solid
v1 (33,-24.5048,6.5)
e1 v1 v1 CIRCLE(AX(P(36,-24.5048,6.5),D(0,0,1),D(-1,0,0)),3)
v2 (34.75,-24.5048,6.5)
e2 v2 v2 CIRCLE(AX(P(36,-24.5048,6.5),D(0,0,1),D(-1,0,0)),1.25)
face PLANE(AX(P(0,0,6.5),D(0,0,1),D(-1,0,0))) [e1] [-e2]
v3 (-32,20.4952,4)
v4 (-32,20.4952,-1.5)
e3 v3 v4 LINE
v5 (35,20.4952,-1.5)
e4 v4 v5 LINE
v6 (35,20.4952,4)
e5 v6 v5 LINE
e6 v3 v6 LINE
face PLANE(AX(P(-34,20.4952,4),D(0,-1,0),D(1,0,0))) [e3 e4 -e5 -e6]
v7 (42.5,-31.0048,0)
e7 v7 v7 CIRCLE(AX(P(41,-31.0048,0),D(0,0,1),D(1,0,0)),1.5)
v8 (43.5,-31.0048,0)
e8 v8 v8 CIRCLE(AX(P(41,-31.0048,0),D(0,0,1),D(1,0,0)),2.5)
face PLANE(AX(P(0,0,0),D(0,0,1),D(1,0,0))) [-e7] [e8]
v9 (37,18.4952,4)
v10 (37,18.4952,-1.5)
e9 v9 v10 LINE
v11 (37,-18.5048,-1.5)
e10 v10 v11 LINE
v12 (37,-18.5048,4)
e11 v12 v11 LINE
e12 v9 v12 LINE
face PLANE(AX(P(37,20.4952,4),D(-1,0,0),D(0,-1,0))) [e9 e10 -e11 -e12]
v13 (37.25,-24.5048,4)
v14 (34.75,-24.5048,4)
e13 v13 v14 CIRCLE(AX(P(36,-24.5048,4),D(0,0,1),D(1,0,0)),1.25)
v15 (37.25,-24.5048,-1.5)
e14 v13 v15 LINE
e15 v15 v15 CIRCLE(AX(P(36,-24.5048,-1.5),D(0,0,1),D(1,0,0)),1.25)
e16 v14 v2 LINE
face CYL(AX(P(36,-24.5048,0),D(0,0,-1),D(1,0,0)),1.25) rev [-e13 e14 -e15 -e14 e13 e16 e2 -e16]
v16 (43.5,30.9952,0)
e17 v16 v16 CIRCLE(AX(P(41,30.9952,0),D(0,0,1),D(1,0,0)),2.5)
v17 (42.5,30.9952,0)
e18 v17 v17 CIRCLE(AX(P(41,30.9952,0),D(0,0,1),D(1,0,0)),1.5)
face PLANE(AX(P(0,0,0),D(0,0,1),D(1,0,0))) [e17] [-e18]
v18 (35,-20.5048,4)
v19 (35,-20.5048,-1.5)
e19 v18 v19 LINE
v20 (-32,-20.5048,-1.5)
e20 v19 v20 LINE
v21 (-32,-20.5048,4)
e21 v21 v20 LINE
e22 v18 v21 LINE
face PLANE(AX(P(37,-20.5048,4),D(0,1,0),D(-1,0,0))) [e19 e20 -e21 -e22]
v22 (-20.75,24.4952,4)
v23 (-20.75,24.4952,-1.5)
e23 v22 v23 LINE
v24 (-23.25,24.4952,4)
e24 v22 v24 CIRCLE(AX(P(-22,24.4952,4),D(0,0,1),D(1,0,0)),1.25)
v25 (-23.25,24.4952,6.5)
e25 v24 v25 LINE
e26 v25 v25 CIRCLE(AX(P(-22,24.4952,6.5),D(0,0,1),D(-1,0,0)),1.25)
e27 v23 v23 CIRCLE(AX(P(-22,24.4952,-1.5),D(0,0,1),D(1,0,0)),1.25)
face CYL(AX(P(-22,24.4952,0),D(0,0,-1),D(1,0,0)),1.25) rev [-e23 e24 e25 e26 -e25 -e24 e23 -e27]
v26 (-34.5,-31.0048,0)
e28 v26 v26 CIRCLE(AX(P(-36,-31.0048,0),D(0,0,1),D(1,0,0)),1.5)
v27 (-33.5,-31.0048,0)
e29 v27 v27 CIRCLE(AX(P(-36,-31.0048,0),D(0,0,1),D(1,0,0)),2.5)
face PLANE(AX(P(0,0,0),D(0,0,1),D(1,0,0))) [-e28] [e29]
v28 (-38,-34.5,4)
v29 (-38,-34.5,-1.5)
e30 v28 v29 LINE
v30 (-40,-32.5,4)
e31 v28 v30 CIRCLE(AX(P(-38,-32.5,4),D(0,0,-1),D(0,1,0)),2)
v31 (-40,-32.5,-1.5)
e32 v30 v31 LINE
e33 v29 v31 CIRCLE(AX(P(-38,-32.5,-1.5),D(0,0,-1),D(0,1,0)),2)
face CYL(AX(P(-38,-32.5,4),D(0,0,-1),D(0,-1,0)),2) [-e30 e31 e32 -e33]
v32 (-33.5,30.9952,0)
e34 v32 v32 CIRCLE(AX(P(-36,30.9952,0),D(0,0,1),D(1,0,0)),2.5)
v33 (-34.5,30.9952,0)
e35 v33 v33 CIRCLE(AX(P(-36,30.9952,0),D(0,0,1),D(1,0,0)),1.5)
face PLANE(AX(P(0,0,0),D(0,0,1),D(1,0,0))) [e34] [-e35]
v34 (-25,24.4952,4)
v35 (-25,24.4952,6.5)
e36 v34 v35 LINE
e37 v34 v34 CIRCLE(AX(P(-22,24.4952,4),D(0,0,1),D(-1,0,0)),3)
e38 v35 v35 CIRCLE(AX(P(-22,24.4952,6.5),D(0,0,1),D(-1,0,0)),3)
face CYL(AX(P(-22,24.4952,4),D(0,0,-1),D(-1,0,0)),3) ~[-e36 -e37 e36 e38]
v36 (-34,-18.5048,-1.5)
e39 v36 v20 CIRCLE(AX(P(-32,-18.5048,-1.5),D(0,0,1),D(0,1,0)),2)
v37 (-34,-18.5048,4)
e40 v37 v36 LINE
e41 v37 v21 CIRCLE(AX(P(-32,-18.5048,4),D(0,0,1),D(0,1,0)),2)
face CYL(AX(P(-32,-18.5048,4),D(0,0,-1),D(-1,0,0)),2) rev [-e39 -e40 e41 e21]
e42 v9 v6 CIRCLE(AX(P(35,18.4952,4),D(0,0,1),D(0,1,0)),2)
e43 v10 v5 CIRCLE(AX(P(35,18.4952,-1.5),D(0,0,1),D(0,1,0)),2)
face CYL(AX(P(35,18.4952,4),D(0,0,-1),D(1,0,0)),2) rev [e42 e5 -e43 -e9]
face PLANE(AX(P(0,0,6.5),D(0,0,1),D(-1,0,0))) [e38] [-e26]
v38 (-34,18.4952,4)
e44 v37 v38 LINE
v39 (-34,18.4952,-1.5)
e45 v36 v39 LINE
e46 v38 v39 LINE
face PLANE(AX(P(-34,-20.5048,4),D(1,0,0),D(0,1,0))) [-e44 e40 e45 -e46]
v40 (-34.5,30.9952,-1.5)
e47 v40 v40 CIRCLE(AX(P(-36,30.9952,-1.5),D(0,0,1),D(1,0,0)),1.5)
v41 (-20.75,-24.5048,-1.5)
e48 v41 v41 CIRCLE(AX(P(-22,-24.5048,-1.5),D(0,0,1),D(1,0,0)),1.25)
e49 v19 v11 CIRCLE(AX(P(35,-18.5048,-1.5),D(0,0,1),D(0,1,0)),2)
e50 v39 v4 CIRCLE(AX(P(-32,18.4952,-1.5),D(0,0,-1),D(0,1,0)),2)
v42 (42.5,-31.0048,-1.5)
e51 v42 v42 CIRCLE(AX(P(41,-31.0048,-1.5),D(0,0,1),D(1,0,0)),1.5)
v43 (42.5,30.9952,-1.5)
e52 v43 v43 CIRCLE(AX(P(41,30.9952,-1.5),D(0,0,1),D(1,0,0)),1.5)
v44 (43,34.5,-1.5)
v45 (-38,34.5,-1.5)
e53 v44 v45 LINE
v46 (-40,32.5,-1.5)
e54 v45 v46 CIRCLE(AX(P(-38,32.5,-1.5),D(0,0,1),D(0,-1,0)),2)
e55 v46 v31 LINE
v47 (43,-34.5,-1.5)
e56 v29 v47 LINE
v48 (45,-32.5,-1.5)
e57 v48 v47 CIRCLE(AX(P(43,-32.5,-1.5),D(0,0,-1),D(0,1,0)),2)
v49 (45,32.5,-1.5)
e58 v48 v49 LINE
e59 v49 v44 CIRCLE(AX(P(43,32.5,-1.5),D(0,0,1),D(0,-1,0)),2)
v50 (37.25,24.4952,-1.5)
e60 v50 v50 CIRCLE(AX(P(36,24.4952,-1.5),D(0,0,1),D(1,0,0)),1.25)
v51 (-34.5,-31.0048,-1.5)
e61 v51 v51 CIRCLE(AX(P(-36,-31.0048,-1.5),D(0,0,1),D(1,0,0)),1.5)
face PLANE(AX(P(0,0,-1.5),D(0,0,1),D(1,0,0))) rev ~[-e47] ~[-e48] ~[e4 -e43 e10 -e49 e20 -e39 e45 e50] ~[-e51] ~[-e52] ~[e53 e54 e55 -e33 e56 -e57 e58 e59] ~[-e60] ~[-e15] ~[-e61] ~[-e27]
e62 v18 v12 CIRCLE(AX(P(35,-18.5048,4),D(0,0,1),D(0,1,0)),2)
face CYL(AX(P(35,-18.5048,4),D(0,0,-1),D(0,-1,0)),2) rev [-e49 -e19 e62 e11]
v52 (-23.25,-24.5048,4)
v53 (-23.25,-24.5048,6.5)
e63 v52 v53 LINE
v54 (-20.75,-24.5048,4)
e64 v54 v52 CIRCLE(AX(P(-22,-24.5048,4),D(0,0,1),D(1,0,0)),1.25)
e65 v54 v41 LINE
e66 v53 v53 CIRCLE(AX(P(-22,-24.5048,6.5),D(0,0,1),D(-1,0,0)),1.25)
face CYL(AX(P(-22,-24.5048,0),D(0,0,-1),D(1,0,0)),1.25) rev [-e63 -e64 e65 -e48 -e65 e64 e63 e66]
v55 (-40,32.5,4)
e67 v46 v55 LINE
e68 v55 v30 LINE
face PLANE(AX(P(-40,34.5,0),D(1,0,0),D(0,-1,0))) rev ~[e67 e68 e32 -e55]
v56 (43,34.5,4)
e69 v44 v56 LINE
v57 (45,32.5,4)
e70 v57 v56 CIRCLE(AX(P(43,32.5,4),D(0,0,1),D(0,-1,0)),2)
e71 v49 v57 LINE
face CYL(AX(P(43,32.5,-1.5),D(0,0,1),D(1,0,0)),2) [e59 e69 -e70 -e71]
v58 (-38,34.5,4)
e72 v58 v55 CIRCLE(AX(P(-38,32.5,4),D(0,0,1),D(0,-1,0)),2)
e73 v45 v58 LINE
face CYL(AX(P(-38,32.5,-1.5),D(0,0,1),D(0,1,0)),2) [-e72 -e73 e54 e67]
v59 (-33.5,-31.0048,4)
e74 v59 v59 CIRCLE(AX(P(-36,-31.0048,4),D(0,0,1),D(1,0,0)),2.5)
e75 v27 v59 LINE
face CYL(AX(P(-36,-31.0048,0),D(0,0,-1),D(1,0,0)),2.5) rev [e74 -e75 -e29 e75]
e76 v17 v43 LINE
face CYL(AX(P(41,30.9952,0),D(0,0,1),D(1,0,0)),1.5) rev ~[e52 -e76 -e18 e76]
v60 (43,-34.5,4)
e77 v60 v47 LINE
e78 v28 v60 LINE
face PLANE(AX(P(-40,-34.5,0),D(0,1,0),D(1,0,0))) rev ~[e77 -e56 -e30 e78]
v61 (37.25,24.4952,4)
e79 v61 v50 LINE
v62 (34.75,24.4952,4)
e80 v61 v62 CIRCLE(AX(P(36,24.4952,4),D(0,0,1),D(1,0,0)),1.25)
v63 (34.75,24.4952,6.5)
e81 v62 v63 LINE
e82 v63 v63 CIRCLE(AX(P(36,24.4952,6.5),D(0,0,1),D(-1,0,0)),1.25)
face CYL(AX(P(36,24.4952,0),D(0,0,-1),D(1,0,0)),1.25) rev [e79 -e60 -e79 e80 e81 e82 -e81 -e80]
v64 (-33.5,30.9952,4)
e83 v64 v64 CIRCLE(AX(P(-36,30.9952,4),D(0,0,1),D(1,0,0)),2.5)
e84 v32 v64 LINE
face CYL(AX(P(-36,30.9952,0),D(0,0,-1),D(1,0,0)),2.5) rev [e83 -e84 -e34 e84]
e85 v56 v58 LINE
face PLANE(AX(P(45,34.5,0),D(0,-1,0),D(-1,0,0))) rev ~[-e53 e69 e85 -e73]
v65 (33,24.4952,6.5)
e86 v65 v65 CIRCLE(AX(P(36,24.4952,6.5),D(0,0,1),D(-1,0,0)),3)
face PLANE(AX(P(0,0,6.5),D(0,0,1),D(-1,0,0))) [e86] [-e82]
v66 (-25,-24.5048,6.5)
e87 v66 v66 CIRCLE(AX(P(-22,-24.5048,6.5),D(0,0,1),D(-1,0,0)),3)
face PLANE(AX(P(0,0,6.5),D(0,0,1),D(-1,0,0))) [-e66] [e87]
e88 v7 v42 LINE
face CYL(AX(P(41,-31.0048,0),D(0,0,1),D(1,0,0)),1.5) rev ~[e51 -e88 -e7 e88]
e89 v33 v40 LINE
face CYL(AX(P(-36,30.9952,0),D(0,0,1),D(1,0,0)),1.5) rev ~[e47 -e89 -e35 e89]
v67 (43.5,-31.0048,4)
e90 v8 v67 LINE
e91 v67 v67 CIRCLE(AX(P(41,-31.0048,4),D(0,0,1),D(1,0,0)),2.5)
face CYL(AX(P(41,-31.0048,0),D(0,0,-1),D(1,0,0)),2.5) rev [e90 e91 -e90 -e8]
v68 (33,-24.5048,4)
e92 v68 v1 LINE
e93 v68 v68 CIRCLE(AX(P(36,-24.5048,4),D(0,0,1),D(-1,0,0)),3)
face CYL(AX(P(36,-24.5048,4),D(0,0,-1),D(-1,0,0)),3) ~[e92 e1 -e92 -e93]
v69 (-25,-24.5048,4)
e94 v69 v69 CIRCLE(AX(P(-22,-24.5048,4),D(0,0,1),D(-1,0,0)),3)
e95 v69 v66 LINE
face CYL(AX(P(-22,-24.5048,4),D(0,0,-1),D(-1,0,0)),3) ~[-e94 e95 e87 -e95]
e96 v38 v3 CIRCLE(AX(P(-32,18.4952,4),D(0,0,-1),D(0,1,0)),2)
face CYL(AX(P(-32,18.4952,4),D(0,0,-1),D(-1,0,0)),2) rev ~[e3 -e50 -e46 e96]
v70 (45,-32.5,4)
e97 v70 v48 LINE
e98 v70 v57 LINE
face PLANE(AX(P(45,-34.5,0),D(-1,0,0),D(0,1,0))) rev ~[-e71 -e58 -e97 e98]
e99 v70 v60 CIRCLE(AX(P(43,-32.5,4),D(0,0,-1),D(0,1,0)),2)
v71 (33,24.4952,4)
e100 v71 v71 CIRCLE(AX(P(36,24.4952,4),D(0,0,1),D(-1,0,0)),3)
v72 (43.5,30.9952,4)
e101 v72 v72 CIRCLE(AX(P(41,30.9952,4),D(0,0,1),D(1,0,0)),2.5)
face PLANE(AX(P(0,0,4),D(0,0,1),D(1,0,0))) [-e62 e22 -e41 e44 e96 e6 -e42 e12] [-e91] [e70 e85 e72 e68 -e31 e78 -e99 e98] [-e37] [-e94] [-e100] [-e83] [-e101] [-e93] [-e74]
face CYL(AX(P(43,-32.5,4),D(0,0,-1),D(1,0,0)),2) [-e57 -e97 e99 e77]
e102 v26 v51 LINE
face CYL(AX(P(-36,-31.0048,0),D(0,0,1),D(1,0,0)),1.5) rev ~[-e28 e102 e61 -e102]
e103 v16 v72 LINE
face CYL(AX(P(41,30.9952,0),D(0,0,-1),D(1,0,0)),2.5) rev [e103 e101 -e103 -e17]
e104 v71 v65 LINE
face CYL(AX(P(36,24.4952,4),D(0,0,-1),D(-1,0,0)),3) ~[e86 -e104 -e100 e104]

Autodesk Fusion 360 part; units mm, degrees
sketch "Sketch1" plane through (0, 0, 0) normal (0, 0, 1) x (1, 0, 0)
  line L0 (45, 34.5) -> (-40, 34.5)
  line L1 (-40, 34.5) -> (-40, -34.5)
  line L2 (-40, -34.5) -> (45, -34.5)
  line L3 (45, -34.5) -> (45, 34.5)
  circle A0 centre (41, 30.9952) radius 1.5
  line L4 (0, 56) -> (0, -61) construction
  line L5 (-71, -0.0048) -> (62, -0.0048) construction
  circle A1 centre (41, 30.9952) radius 2.5
  circle A2 centre (-36, 30.9952) radius 1.5
  circle A3 centre (-36, 30.9952) radius 2.5
  circle A4 centre (41, -31.0048) radius 1.5
  circle A5 centre (41, -31.0048) radius 2.5
  circle A6 centre (-36, -31.0048) radius 1.5
  circle A7 centre (-36, -31.0048) radius 2.5
  circle A8 centre (36, 24.4952) radius 1.25
  circle A9 centre (-22, 24.4952) radius 1.25
  circle A10 centre (36, -24.5048) radius 1.25
  circle A11 centre (-22, -24.5048) radius 1.25
  dimension "d1" = 85
  dimension "d2" = 69
  dimension "d3" = 3
  dimension "d8" = 5
  dimension "d13" = 2.5
  dimension "d14" = 24.5
  dimension "d17" = -58
  dimension "d18" = -49
  dimension "d45" = 41
  dimension "d46" = 41
  dimension "d47" = 41
extrude "Extrude1" add sketch "Sketch1" against normal blind 1.5 contours L0 L1 L2 L3 | A1 | A3 | A5 | A7
extrude "Extrude2" add sketch "Sketch1" along normal blind 4 contours L0 L1 L2 L3
fillet "Fillet1" radius 2 4 edges at (-40, -34.5, 1.25) (45, -34.5, 1.25) (45, 34.5, 1.25) (-40, 34.5, 1.25)
sketch "Sketch2" plane through (0, 0, 4) normal (0, 0, 1) x (-1, 0, 0)
  circle A0 centre (22, 24.5048) radius 1.25
  circle A1 centre (22, -24.4952) radius 1.25
  circle A2 centre (-36, 24.5048) radius 1.25
  circle A3 centre (-41, 31.0048) radius 2.5
  circle A4 centre (36, -30.9952) radius 2.5
  circle A5 centre (-36, -24.4952) radius 1.25
  circle A6 centre (36, 31.0048) radius 2.5
  circle A7 centre (-41, -30.9952) radius 2.5
  arc A8 (38, -34.5) -> (40, -32.5) centre (38, -32.5) ccw
  line L0 (40, -32.5) -> (40, 32.5)
  arc A9 (40, 32.5) -> (38, 34.5) centre (38, 32.5) ccw
  line L1 (38, 34.5) -> (-43, 34.5)
  arc A10 (-43, 34.5) -> (-45, 32.5) centre (-43, 32.5) ccw
  line L2 (-45, 32.5) -> (-45, -32.5)
  arc A11 (-45, -32.5) -> (-43, -34.5) centre (-43, -32.5) ccw
  line L3 (-43, -34.5) -> (38, -34.5)
  line L4 (34, -20.4952) -> (-37, -20.4952)
  line L5 (-37, -20.4952) -> (-37, 20.5048)
  line L6 (-37, 20.5048) -> (34, 20.5048)
  line L7 (34, 20.5048) -> (34, -20.4952)
  dimension "d28" = 4
  dimension "d29" = 6
  dimension "d30" = 8
extrude "Extrude3" cut sketch "Sketch2" against normal blind 5.5 contours L4 L5 L6 L7
fillet "Fillet2" radius 2 4 edges at (-34, 20.4952, 1.25) (-34, -20.5048, 1.25) (37, -20.5048, 1.25) (37, 20.4952, 1.25)
sketch "Sketch3" plane through (0, 0, 4) normal (0, 0, 1) x (-1, 0, 0)
  line L0 (-37, -18.4952) -> (-37, 18.5048)
  arc A0 (-35, 20.5048) -> (-37, 18.5048) centre (-35, 18.5048) ccw
  line L1 (-35, 20.5048) -> (32, 20.5048)
  arc A1 (34, 18.5048) -> (32, 20.5048) centre (32, 18.5048) ccw
  line L2 (34, 18.5048) -> (34, -18.4952)
  arc A2 (32, -20.4952) -> (34, -18.4952) centre (32, -18.4952) ccw
  line L3 (32, -20.4952) -> (-35, -20.4952)
  arc A3 (-37, -18.4952) -> (-35, -20.4952) centre (-35, -18.4952) ccw
  circle A4 centre (22, 24.5048) radius 1.25
  circle A5 centre (22, -24.4952) radius 1.25
  circle A6 centre (-36, 24.5048) radius 1.25
  circle A7 centre (-41, 31.0048) radius 2.5
  circle A8 centre (36, -30.9952) radius 2.5
  circle A9 centre (-36, -24.4952) radius 1.25
  circle A10 centre (36, 31.0048) radius 2.5
  circle A11 centre (-41, -30.9952) radius 2.5
  arc A12 (38, -34.5) -> (40, -32.5) centre (38, -32.5) ccw
  line L4 (40, -32.5) -> (40, 32.5)
  arc A13 (40, 32.5) -> (38, 34.5) centre (38, 32.5) ccw
  line L5 (38, 34.5) -> (-43, 34.5)
  arc A14 (-43, 34.5) -> (-45, 32.5) centre (-43, 32.5) ccw
  line L6 (-45, 32.5) -> (-45, -32.5)
  arc A15 (-45, -32.5) -> (-43, -34.5) centre (-43, -32.5) ccw
  line L7 (-43, -34.5) -> (38, -34.5)
  circle A16 centre (22, -24.4952) radius 3
  circle A17 centre (-36, -24.4952) radius 3
  circle A18 centre (22, 24.5048) radius 3
  circle A19 centre (-36, 24.5048) radius 3
  dimension "d35" = 6
  dimension "d38" = -58
  dimension "d39" = 49
extrude "Extrude4" add sketch "Sketch3" along normal blind 2.5 contours A16 | A17 | A18 | A19
equation "d46 = d45"
equation "d47 = d45"
